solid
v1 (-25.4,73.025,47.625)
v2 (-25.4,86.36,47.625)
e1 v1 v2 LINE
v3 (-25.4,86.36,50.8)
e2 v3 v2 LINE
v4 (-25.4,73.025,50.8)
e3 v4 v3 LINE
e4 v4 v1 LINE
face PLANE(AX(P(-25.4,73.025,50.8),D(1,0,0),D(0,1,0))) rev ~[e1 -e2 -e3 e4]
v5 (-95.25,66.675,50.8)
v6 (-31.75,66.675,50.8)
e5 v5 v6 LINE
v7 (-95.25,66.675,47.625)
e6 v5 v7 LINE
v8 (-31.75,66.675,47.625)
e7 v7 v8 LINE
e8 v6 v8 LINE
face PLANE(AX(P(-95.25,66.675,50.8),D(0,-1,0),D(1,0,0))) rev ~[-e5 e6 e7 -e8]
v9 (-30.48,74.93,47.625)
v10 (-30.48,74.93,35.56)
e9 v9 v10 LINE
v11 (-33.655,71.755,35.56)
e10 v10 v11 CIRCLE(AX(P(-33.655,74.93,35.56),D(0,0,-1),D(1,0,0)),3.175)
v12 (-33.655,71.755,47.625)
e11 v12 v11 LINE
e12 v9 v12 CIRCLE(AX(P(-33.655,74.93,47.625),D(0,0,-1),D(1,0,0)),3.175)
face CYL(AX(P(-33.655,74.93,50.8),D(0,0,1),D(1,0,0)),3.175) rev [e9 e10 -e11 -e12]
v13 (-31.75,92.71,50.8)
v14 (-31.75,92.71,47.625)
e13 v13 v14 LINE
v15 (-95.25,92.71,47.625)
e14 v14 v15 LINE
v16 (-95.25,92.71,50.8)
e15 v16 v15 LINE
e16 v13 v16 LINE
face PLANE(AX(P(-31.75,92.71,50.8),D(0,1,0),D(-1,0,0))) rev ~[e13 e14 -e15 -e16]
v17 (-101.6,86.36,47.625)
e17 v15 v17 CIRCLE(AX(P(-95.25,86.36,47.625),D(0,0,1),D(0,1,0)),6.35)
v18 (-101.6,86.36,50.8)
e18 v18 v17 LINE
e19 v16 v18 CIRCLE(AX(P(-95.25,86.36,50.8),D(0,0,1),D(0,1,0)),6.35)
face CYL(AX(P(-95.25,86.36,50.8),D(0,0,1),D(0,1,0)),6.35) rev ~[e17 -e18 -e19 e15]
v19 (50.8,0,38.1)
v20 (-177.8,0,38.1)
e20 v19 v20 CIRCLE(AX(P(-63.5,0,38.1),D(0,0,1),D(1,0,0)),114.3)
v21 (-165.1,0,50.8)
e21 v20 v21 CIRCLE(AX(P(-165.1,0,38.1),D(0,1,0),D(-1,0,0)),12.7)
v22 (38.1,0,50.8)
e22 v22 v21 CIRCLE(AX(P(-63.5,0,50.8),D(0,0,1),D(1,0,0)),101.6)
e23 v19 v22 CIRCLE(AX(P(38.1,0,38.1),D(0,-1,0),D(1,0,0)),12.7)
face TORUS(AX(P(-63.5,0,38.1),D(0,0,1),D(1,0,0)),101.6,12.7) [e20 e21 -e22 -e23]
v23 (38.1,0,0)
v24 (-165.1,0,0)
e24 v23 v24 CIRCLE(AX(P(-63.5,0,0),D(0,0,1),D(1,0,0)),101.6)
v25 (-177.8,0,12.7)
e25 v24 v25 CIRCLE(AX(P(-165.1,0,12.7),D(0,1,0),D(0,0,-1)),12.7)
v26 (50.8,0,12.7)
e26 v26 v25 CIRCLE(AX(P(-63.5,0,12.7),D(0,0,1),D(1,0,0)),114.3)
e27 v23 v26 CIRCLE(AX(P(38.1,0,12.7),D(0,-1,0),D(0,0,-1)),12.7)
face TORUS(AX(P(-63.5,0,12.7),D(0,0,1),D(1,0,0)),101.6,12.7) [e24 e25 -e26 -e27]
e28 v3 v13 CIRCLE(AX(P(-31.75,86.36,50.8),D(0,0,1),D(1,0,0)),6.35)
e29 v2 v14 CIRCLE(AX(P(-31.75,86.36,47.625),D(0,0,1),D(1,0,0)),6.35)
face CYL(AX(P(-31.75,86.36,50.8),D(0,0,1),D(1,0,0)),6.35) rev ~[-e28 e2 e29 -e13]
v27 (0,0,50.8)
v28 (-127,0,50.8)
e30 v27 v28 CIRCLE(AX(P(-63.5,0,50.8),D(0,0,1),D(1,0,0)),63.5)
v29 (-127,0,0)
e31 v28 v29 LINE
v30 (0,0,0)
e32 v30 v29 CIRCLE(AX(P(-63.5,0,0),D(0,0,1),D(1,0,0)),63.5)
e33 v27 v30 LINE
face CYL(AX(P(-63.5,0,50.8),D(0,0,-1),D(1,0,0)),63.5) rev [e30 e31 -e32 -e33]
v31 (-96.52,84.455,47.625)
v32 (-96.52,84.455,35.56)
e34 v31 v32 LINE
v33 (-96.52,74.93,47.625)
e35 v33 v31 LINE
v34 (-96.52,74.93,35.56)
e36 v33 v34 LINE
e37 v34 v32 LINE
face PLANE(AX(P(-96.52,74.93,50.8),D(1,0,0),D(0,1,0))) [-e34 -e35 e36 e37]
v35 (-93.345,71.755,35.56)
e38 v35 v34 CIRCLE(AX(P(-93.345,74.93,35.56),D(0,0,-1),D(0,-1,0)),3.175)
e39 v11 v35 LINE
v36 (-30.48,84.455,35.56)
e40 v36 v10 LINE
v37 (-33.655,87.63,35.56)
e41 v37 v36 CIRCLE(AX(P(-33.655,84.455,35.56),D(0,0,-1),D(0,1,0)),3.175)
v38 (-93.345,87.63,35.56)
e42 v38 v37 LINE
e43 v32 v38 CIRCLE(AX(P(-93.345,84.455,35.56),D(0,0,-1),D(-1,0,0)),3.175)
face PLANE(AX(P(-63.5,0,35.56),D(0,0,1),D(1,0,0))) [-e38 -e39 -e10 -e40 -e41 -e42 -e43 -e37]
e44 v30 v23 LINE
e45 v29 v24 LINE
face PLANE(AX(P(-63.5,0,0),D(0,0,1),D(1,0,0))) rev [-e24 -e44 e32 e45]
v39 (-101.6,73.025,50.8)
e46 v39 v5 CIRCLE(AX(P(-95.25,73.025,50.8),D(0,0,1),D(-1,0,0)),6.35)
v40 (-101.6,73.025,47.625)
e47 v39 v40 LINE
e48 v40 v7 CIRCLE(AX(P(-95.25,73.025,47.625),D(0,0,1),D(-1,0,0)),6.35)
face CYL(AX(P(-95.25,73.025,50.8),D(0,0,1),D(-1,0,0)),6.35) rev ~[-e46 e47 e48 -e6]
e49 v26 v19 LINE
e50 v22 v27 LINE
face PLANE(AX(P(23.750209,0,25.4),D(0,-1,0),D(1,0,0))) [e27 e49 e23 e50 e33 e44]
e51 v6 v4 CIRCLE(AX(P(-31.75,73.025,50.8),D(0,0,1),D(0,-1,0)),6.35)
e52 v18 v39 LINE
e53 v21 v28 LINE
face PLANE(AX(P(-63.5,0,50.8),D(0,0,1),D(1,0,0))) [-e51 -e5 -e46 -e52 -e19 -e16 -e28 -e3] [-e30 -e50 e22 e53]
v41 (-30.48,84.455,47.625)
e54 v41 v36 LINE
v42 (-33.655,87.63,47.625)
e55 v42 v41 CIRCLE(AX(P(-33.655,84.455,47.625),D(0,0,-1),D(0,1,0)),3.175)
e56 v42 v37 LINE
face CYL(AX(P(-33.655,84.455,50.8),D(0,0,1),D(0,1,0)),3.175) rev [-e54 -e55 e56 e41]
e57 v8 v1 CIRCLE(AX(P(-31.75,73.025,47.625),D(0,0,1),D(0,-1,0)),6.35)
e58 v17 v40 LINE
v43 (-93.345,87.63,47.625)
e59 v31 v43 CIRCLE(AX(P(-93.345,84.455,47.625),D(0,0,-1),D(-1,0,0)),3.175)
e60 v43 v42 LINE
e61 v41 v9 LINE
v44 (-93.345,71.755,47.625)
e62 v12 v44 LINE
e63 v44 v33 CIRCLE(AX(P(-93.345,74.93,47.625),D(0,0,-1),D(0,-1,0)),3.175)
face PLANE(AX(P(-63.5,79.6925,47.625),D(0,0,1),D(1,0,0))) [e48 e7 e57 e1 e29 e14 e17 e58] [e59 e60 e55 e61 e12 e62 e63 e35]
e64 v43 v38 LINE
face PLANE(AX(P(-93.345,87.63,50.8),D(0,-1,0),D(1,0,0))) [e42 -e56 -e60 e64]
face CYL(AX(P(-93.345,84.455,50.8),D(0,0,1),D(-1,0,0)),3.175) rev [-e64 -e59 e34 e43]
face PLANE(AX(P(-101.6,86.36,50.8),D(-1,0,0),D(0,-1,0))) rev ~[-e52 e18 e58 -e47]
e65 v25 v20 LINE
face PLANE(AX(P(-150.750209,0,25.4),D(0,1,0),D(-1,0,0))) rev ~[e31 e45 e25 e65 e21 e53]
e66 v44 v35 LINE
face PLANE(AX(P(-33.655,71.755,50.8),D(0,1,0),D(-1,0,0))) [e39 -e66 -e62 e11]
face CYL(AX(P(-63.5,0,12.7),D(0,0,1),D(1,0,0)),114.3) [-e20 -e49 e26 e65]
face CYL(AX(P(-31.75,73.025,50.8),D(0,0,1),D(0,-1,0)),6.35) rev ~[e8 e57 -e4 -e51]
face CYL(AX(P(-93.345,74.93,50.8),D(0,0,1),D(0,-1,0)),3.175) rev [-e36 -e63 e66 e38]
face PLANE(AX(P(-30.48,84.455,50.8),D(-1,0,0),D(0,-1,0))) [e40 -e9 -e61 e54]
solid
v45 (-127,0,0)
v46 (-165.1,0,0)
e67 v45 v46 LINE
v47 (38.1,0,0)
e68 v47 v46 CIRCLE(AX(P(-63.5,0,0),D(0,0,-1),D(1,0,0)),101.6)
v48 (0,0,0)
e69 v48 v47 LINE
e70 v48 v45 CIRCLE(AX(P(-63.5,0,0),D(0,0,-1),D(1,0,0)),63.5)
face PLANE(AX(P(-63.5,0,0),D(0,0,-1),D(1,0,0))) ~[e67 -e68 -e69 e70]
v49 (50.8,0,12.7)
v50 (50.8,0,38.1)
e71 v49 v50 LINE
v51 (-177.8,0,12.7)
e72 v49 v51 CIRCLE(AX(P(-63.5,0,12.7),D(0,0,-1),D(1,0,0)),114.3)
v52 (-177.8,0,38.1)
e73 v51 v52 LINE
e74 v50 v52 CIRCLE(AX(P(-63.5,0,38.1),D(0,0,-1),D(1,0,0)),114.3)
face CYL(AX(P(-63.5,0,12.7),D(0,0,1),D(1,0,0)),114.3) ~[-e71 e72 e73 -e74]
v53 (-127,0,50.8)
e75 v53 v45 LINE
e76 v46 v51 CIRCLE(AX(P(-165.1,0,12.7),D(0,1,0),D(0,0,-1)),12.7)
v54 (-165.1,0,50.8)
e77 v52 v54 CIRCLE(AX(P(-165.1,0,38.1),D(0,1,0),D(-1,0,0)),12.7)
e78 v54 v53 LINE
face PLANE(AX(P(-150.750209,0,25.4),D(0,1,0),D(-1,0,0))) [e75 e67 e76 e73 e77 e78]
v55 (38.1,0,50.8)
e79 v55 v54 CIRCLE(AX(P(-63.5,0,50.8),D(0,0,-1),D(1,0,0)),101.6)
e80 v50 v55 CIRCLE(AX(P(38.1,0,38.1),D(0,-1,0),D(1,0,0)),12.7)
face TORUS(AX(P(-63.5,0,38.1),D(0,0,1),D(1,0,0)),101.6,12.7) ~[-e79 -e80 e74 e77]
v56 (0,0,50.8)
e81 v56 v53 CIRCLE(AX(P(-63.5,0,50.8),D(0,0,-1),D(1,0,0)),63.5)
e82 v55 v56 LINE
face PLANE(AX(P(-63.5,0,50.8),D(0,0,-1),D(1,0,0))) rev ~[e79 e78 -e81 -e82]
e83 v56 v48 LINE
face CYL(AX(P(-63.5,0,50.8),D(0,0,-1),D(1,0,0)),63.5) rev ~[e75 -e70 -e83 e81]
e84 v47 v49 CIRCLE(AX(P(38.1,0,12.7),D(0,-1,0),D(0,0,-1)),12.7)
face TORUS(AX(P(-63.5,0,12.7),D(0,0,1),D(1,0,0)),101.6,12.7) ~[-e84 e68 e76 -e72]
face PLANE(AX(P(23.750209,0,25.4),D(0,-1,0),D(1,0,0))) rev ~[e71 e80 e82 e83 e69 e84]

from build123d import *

# Parameters (mm, degrees)
F1_ANGLE = 180
F2_ANGLE = 180
F4_DEPTH = 3.175
F5_DEPTH = 15.24


with BuildPart() as f1:
    # F0 (on Front) → F1 (revolve)
    with BuildSketch(Plane.XZ):
        with BuildLine():
            Line((0, 0), (38.1, 0))
            ThreePointArc((38.1, 0), (47.0802561211, 3.7197438789), (50.8, 12.7))
            Line((50.8, 12.7), (50.8, 38.1))
            ThreePointArc((50.8, 38.1), (47.0802561211, 47.0802561211), (38.1, 50.8))
            Line((38.1, 50.8), (0, 50.8))
            Line((0, 50.8), (0, 0))
        make_face()
    revolve(axis=Axis((-63.5, 0, 20.0394056737), (0, 0, -1)), revolution_arc=F1_ANGLE)


with BuildPart() as f2:
    # F0 (on Front) → F2 (revolve)
    with BuildSketch(Plane.XZ):
        with BuildLine():
            Line((0, 0), (38.1, 0))
            ThreePointArc((38.1, 0), (47.0802561211, 3.7197438789), (50.8, 12.7))
            Line((50.8, 12.7), (50.8, 38.1))
            ThreePointArc((50.8, 38.1), (47.0802561211, 47.0802561211), (38.1, 50.8))
            Line((38.1, 50.8), (0, 50.8))
            Line((0, 50.8), (0, 0))
        make_face()
    revolve(axis=Axis((-63.5, 0, 20.0394056737), (0, 0, 1)), revolution_arc=F2_ANGLE)

    # F3 (on face) → F4 (cut)
    with BuildSketch(Plane.XY.offset(50.8)):
        with BuildLine():
            Line((-95.25, 66.675), (-63.5, 66.675))
            Line((-63.5, 66.675), (-31.75, 66.675))
            ThreePointArc((-31.75, 66.675), (-27.2598719395, 68.5348719395), (-25.4, 73.025))
            Line((-25.4, 73.025), (-25.4, 86.36))
            ThreePointArc((-25.4, 86.36), (-27.2598719395, 90.8501280605), (-31.75, 92.71))
            Line((-31.75, 92.71), (-63.5, 92.71))
            Line((-63.5, 92.71), (-95.25, 92.71))
            ThreePointArc((-95.25, 92.71), (-99.7401280605, 90.8501280605), (-101.6, 86.36))
            Line((-101.6, 86.36), (-101.6, 73.025))
            ThreePointArc((-101.6, 73.025), (-99.7401280605, 68.5348719395), (-95.25, 66.675))
        make_face()
        with BuildLine():
            ThreePointArc((-96.52, 84.455), (-95.5900640303, 86.7000640303), (-93.345, 87.63))
            Line((-93.345, 87.63), (-63.5, 87.63))
            Line((-63.5, 87.63), (-33.655, 87.63))
            ThreePointArc((-33.655, 87.63), (-31.4099359697, 86.7000640303), (-30.48, 84.455))
            Line((-30.48, 84.455), (-30.48, 74.93))
            ThreePointArc((-30.48, 74.93), (-31.4099359697, 72.6849359697), (-33.655, 71.755))
            Line((-33.655, 71.755), (-63.5, 71.755))
            Line((-63.5, 71.755), (-93.345, 71.755))
            ThreePointArc((-93.345, 71.755), (-95.5900640303, 72.6849359697), (-96.52, 74.93))
            Line((-96.52, 74.93), (-96.52, 84.455))
        make_face(mode=Mode.SUBTRACT)
    extrude(amount=-F4_DEPTH, mode=Mode.SUBTRACT)

    # F5 (cut): a face of the model
    f5_faces = [f2.faces().sort_by_distance(p)[0] for p in [
        (-63.5, 79.6925, 50.8),
    ]]
    extrude(f5_faces, amount=-F5_DEPTH, mode=Mode.SUBTRACT)


solid = Compound([f1.part, f2.part])
